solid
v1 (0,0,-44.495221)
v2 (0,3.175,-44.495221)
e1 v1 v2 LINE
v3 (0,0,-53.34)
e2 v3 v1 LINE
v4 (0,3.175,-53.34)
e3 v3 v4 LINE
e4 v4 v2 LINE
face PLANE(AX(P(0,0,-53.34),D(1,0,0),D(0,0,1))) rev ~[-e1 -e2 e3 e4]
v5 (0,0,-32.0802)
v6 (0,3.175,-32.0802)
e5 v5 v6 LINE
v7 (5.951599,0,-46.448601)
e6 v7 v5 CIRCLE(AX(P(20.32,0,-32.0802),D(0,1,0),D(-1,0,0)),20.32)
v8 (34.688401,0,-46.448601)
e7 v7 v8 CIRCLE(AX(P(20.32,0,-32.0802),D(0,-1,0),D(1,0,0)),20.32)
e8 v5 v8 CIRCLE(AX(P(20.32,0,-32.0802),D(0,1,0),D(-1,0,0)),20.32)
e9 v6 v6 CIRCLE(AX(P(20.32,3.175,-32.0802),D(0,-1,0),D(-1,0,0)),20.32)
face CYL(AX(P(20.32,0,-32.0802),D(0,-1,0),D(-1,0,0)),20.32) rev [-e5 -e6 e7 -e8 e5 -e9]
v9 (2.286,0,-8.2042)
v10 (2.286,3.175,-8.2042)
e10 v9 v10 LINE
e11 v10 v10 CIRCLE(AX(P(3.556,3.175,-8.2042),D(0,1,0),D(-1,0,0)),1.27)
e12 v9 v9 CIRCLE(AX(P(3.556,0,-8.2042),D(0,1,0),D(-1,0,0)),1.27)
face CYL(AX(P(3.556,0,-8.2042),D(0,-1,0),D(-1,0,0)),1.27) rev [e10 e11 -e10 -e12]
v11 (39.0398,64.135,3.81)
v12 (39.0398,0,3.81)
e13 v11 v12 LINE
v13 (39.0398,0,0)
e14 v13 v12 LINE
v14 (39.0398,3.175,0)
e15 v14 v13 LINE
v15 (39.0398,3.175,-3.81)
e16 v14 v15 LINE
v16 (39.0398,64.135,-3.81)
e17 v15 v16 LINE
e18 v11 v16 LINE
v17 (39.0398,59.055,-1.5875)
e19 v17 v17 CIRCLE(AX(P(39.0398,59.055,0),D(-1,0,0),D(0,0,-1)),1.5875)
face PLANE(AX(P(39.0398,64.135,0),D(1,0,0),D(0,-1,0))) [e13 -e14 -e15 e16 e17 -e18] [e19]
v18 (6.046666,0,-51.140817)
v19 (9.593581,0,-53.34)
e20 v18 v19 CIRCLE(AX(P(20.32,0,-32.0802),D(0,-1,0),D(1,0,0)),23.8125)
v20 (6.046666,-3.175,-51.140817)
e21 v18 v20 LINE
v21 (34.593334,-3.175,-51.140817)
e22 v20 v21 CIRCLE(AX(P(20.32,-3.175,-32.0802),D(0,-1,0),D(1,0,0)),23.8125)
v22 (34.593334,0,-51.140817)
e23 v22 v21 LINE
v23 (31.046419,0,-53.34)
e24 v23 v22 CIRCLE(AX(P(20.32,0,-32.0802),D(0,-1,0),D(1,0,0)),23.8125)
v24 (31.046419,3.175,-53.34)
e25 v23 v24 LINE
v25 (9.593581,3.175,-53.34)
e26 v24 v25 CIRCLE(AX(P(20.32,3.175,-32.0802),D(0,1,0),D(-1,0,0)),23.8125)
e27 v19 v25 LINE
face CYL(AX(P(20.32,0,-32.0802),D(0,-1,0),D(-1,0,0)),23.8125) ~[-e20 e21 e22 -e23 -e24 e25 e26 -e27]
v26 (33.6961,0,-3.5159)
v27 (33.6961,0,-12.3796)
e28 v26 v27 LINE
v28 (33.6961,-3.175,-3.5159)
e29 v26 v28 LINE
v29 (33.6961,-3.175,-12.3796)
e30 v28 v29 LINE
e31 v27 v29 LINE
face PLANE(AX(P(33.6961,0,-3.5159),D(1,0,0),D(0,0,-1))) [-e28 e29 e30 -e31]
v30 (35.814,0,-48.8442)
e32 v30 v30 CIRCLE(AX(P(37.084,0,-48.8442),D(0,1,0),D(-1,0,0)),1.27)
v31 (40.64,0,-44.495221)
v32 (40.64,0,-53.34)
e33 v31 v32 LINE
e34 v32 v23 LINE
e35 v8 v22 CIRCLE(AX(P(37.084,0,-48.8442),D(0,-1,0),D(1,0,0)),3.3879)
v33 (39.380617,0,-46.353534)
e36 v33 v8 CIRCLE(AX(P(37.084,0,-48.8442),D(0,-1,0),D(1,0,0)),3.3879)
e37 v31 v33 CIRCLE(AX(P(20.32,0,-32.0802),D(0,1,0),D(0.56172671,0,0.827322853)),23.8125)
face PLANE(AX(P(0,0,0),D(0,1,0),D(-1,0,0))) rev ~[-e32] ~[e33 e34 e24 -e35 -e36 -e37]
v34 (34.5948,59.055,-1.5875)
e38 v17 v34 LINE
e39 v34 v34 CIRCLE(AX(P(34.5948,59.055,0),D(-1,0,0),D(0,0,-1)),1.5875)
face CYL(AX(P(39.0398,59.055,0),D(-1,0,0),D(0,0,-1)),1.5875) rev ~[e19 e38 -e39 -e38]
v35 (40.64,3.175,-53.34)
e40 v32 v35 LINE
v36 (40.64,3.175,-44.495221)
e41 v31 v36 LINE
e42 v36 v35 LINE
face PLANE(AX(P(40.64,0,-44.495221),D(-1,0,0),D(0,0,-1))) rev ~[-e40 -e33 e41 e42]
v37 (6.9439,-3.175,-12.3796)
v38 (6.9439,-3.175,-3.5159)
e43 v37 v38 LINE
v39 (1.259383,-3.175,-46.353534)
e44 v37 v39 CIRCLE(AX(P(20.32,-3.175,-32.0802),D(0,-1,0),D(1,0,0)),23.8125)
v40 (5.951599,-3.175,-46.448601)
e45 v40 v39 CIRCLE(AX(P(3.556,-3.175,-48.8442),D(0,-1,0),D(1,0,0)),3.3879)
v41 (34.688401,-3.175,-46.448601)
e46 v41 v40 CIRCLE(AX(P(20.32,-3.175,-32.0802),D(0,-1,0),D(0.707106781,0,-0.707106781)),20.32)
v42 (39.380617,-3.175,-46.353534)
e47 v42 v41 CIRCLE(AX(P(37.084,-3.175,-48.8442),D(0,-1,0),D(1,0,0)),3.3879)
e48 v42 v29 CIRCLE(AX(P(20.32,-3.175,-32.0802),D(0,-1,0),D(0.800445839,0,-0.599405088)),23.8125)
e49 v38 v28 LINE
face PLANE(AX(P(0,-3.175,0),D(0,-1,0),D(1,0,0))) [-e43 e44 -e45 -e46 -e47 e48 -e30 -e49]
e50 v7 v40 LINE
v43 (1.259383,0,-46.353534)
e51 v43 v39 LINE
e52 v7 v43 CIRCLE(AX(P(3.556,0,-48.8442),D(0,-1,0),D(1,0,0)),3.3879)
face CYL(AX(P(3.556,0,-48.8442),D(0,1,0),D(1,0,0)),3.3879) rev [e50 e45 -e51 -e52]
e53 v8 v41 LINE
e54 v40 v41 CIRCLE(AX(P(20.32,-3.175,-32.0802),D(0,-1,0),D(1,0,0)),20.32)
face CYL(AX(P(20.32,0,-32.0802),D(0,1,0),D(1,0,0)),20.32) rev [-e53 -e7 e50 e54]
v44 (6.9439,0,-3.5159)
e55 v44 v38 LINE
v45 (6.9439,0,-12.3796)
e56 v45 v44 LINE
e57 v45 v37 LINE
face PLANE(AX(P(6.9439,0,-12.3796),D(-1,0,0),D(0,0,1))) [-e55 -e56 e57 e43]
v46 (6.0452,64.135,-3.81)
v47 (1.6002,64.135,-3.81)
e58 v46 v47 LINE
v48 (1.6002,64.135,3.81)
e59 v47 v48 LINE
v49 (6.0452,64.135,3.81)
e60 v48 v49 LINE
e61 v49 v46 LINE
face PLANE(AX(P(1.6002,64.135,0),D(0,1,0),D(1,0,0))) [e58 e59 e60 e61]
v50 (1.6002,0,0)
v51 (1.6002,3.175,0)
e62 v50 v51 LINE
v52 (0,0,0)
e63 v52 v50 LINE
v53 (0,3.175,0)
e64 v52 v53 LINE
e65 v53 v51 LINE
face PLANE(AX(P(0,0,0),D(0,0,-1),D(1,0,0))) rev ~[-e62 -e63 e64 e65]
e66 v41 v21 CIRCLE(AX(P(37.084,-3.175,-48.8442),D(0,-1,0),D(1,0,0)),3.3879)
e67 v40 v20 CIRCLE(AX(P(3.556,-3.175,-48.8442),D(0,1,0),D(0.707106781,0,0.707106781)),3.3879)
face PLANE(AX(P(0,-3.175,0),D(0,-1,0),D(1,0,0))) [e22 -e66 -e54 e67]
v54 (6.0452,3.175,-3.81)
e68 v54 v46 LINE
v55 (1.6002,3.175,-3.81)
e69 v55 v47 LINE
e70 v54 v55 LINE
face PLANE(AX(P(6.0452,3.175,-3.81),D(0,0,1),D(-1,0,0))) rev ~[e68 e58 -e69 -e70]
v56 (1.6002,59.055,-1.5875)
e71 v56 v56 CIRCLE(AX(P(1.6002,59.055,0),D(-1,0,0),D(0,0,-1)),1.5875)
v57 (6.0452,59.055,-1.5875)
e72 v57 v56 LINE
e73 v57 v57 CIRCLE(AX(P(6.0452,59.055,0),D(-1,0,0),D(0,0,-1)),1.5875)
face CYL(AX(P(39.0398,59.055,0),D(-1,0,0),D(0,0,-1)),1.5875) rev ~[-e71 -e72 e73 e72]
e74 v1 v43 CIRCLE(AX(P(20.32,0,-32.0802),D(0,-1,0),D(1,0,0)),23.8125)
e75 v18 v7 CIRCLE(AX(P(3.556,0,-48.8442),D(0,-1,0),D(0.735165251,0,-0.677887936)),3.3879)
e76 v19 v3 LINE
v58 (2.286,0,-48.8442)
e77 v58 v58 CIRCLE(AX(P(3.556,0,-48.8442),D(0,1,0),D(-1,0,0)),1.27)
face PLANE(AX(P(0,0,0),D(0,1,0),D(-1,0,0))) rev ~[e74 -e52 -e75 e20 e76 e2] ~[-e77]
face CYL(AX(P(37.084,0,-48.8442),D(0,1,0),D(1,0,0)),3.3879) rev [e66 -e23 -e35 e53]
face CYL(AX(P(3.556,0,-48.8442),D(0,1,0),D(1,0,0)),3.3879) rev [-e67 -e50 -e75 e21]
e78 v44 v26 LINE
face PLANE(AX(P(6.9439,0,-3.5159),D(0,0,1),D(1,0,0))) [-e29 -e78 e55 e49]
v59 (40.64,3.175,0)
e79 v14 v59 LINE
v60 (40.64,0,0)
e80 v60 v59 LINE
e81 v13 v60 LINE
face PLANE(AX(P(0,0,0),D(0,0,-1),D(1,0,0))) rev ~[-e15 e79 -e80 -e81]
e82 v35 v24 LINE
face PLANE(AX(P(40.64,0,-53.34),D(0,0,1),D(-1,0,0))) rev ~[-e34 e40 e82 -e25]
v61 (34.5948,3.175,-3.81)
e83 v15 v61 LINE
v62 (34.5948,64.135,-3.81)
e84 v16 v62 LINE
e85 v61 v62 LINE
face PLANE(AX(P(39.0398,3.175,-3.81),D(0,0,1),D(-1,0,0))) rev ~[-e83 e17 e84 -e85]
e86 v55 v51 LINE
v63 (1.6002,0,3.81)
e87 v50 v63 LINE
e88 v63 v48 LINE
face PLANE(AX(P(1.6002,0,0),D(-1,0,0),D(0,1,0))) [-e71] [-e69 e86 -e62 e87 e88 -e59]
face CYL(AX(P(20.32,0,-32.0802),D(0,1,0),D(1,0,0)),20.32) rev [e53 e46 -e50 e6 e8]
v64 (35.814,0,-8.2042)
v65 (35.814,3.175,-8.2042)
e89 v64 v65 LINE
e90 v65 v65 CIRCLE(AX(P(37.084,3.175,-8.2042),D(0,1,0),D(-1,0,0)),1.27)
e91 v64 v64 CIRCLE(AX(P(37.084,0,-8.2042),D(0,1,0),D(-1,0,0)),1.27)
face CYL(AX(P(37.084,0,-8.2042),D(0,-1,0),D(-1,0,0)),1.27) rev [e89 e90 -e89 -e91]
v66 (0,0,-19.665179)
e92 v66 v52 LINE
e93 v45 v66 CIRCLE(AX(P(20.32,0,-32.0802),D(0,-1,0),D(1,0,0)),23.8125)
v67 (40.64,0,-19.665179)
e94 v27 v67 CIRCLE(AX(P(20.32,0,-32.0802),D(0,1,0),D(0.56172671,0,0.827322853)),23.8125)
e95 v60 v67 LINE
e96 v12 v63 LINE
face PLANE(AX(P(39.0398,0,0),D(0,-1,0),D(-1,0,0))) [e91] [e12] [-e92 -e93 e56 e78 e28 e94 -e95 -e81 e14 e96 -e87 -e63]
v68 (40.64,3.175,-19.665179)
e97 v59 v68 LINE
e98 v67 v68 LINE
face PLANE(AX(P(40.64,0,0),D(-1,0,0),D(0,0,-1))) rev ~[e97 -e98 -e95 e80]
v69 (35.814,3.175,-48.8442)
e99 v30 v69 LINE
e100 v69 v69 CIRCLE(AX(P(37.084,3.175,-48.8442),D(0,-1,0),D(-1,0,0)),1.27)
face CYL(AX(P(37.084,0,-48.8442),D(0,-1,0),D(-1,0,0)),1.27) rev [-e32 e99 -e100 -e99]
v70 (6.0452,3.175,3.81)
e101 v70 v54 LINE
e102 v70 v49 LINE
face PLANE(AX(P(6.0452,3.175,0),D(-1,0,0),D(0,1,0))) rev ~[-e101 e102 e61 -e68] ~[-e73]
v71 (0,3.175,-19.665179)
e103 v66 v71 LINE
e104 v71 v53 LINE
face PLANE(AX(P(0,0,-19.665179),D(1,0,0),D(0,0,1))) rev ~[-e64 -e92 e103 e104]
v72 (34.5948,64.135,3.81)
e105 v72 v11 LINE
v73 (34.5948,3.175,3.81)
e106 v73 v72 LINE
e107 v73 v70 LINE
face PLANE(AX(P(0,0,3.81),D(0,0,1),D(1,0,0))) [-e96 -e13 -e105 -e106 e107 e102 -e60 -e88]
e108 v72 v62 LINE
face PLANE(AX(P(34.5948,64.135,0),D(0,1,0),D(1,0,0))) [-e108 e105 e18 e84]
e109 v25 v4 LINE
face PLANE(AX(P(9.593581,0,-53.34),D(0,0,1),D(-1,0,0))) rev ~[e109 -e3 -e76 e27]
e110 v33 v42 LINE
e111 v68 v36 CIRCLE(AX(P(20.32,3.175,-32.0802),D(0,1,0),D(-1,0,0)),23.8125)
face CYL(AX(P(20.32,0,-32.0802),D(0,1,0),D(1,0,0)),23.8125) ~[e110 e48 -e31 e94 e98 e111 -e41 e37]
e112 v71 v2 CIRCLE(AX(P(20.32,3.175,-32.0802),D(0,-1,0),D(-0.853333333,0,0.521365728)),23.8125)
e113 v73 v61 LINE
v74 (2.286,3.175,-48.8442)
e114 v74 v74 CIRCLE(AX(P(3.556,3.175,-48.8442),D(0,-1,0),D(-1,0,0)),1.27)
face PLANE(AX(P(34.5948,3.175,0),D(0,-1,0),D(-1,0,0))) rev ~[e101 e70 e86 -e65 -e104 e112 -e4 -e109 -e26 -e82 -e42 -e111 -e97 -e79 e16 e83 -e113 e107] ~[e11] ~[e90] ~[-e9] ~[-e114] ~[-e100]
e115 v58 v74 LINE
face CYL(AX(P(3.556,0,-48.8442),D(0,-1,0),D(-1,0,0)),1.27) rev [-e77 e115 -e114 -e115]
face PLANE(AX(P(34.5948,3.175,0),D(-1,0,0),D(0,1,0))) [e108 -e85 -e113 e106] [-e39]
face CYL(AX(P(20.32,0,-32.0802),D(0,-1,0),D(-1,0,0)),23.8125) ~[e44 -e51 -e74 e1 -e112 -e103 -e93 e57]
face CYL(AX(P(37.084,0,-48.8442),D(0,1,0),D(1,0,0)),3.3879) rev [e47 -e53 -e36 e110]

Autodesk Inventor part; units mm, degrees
ref_plane "YZ Plane" through (0, 0, 0) normal (1, 0, 0) x (0, 1, 0)
ref_plane "XZ Plane" through (0, 0, 0) normal (0, 1, 0) x (-1, 0, 0)
ref_plane "XY Plane" through (0, 0, 0) normal (0, 0, 1) x (1, 0, 0)
sketch "Sketch1" plane through (0, 0, 0) normal (0, 1, 0) x (-1, 0, 0)
  line L0 (0, 0) -> (-40.64, 0)
  line L1 (-40.64, 0) -> (-40.64, -53.34)
  line L2 (-40.64, -53.34) -> (0, -53.34)
  line L3 (0, -53.34) -> (0, 0)
  circle A0 centre (-20.32, -32.0802) radius 20.32
  circle A1 centre (-20.32, -32.0802) radius 23.8125
  circle A2 centre (-3.556, -48.8442) radius 1.27
  circle A3 centre (-37.084, -48.8442) radius 1.27
  circle A4 centre (-37.084, -8.2042) radius 1.27
  circle A5 centre (-3.556, -8.2042) radius 1.27
  line L4 (-20.32, 0) -> (-20.32, -32.0802) construction
  point P0 (-40.64, -19.6652)
  point P1 (-40.64, -44.4952)
  point P2 (-31.0464, -53.34)
  point P3 (-9.5936, -53.34)
  point P4 (0, -44.4952)
  point P5 (0, -19.6652)
  dimension "d51" = 53.34
  dimension "d52" = 40.64
  dimension "d53" = 40.64
  dimension "d54" = 47.625
  dimension "d57" = 33.528
  dimension "d58" = 40.64
  dimension "d59" = 2.54
  dimension "d60" = 8.2042
  dimension "d63" = 32.0802
extrude "Extrusion1" add sketch "Sketch1" along normal blind 3.175 contours L3 A1 L1 L0 | A1 L3 | L3 A0 L1 A1 | L1 A1 | L3 A1 A2 L2 A3 L1 A0 | A1 A3 L2 L1 | L3 L2 A1 A2 | L2 A1
sketch "Sketch2" plane through (0, 3.175, 0) normal (0, 1, 0) x (1, 0, 0)
  line L0 (1.6002, 0) -> (39.0398, 0)
  line L1 (39.0398, 0) -> (39.0398, 3.81)
  line L2 (39.0398, 3.81) -> (1.6002, 3.81)
  line L3 (1.6002, 3.81) -> (1.6002, 0)
  line L4 (6.0452, 3.81) -> (6.0452, 0)
  line L5 (1.6002, 0) -> (39.0398, 0)
  line L6 (34.5948, 3.81) -> (34.5948, 0)
  line L7 (20.32, 3.81) -> (20.32, 0) construction
  circle A0 centre (20.32, 32.0802) radius 20.32 construction
  line L8 (20.32, 52.4002) -> (20.32, 32.0802) construction
  point P0 (34.5948, 0)
  point P1 (6.0452, 0)
  point P2 (20.32, 1.905)
  point P3 (6.0452, 1.905)
  dimension "d68" = 14.2748
  dimension "d69" = 4.445
  dimension "d70" = 3.81
extrude "Extrusion2" add sketch "Sketch2" along normal blind 60.96 contours L3 L2 L4 L0 | L6 L2 L1 L0
sketch "Sketch10" plane through (0, 0, 0) normal (0, -1, 0) x (1, 0, 0)
  circle A0 centre (20.32, -32.0802) radius 20.32 construction
  line L0 (20.32, -52.4002) -> (20.32, -32.0802) construction
  circle A1 centre (20.32, -32.0802) radius 20.32
  circle A2 centre (37.084, -48.8442) radius 1.27 projected
  circle A3 centre (37.084, -48.8442) radius 3.3879
  circle A4 centre (3.556, -48.8442) radius 1.27 projected
  circle A5 centre (3.556, -48.8442) radius 3.3879
  circle A6 centre (20.32, -32.0802) radius 23.8125
  line L1 (33.6961, -12.3796) -> (6.9439, -12.3796)
  line L2 (6.9439, -12.3796) -> (6.9439, -3.5159)
  line L3 (6.9439, -3.5159) -> (33.6961, -3.5159)
  line L4 (33.6961, -3.5159) -> (33.6961, -12.3796)
  point P0 (0, 0)
  point P1 (34.6884, -46.4486)
  point P2 (39.3806, -46.3536)
  point P3 (6.9439, -12.3796)
  point P4 (1.2594, -46.3536)
  point P5 (5.9516, -46.4486)
  point P6 (6.0466, -51.1408)
  point P7 (34.5934, -51.1408)
extrude "Extrusion5" add sketch "Sketch10" along normal blind 3.175 contours A1 L1 A6 A3 | A1 L1 A6 | A3 A6 A5 A1 | A1 A5 A6 L1 | A6 L2 L3 L4
sketch "Sketch11" plane through (0, 0, 0) normal (0, 0, 1) x (1, 0, 0)
  line L0 (1.6002, 64.135) -> (6.0452, 64.135) projected
  line L1 (1.6002, 64.135) -> (39.0398, 64.135)
  line L2 (39.0398, 64.135) -> (39.0398, 0)
  line L3 (39.0398, 0) -> (1.6002, 0)
  line L4 (1.6002, 0) -> (1.6002, 64.135)
  line L5 (39.0398, 3.175) -> (39.0398, 64.135) construction
  line L6 (39.0398, 3.175) -> (39.0398, 0) construction
  line L7 (40.64, 0) -> (33.6961, 0) construction
  line L8 (34.5948, 3.175) -> (34.5948, 64.135) projected
  line L9 (6.0452, 64.135) -> (34.5948, 64.135)
  line L10 (34.5948, 64.135) -> (34.5948, 3.175)
  line L11 (34.5948, 3.175) -> (6.0452, 3.175)
  line L12 (6.0452, 3.175) -> (6.0452, 64.135)
  point P0 (0, 0)
extrude "Extrusion6" add sketch "Sketch11" along normal blind 3.81 contours L0 L12 L11 L8 L1 L2 L3 L4
sketch "Sketch12" plane through (39.0398, 3.175, 0) normal (1, 0, 0) x (0, 0, -1)
  line L0 (3.81, 60.96) -> (-3.81, 60.96) construction
  line L1 (0, 60.96) -> (0, 55.88) construction
  point P0 (0, -3.175)
  dimension "d73" = 5.08
hole "Hole4" at (39.0398, 59.055, 0) direction (-1, 0, 0) diameter 3.175 depth 37.4396
properties part number "m500 thermal bracket"
